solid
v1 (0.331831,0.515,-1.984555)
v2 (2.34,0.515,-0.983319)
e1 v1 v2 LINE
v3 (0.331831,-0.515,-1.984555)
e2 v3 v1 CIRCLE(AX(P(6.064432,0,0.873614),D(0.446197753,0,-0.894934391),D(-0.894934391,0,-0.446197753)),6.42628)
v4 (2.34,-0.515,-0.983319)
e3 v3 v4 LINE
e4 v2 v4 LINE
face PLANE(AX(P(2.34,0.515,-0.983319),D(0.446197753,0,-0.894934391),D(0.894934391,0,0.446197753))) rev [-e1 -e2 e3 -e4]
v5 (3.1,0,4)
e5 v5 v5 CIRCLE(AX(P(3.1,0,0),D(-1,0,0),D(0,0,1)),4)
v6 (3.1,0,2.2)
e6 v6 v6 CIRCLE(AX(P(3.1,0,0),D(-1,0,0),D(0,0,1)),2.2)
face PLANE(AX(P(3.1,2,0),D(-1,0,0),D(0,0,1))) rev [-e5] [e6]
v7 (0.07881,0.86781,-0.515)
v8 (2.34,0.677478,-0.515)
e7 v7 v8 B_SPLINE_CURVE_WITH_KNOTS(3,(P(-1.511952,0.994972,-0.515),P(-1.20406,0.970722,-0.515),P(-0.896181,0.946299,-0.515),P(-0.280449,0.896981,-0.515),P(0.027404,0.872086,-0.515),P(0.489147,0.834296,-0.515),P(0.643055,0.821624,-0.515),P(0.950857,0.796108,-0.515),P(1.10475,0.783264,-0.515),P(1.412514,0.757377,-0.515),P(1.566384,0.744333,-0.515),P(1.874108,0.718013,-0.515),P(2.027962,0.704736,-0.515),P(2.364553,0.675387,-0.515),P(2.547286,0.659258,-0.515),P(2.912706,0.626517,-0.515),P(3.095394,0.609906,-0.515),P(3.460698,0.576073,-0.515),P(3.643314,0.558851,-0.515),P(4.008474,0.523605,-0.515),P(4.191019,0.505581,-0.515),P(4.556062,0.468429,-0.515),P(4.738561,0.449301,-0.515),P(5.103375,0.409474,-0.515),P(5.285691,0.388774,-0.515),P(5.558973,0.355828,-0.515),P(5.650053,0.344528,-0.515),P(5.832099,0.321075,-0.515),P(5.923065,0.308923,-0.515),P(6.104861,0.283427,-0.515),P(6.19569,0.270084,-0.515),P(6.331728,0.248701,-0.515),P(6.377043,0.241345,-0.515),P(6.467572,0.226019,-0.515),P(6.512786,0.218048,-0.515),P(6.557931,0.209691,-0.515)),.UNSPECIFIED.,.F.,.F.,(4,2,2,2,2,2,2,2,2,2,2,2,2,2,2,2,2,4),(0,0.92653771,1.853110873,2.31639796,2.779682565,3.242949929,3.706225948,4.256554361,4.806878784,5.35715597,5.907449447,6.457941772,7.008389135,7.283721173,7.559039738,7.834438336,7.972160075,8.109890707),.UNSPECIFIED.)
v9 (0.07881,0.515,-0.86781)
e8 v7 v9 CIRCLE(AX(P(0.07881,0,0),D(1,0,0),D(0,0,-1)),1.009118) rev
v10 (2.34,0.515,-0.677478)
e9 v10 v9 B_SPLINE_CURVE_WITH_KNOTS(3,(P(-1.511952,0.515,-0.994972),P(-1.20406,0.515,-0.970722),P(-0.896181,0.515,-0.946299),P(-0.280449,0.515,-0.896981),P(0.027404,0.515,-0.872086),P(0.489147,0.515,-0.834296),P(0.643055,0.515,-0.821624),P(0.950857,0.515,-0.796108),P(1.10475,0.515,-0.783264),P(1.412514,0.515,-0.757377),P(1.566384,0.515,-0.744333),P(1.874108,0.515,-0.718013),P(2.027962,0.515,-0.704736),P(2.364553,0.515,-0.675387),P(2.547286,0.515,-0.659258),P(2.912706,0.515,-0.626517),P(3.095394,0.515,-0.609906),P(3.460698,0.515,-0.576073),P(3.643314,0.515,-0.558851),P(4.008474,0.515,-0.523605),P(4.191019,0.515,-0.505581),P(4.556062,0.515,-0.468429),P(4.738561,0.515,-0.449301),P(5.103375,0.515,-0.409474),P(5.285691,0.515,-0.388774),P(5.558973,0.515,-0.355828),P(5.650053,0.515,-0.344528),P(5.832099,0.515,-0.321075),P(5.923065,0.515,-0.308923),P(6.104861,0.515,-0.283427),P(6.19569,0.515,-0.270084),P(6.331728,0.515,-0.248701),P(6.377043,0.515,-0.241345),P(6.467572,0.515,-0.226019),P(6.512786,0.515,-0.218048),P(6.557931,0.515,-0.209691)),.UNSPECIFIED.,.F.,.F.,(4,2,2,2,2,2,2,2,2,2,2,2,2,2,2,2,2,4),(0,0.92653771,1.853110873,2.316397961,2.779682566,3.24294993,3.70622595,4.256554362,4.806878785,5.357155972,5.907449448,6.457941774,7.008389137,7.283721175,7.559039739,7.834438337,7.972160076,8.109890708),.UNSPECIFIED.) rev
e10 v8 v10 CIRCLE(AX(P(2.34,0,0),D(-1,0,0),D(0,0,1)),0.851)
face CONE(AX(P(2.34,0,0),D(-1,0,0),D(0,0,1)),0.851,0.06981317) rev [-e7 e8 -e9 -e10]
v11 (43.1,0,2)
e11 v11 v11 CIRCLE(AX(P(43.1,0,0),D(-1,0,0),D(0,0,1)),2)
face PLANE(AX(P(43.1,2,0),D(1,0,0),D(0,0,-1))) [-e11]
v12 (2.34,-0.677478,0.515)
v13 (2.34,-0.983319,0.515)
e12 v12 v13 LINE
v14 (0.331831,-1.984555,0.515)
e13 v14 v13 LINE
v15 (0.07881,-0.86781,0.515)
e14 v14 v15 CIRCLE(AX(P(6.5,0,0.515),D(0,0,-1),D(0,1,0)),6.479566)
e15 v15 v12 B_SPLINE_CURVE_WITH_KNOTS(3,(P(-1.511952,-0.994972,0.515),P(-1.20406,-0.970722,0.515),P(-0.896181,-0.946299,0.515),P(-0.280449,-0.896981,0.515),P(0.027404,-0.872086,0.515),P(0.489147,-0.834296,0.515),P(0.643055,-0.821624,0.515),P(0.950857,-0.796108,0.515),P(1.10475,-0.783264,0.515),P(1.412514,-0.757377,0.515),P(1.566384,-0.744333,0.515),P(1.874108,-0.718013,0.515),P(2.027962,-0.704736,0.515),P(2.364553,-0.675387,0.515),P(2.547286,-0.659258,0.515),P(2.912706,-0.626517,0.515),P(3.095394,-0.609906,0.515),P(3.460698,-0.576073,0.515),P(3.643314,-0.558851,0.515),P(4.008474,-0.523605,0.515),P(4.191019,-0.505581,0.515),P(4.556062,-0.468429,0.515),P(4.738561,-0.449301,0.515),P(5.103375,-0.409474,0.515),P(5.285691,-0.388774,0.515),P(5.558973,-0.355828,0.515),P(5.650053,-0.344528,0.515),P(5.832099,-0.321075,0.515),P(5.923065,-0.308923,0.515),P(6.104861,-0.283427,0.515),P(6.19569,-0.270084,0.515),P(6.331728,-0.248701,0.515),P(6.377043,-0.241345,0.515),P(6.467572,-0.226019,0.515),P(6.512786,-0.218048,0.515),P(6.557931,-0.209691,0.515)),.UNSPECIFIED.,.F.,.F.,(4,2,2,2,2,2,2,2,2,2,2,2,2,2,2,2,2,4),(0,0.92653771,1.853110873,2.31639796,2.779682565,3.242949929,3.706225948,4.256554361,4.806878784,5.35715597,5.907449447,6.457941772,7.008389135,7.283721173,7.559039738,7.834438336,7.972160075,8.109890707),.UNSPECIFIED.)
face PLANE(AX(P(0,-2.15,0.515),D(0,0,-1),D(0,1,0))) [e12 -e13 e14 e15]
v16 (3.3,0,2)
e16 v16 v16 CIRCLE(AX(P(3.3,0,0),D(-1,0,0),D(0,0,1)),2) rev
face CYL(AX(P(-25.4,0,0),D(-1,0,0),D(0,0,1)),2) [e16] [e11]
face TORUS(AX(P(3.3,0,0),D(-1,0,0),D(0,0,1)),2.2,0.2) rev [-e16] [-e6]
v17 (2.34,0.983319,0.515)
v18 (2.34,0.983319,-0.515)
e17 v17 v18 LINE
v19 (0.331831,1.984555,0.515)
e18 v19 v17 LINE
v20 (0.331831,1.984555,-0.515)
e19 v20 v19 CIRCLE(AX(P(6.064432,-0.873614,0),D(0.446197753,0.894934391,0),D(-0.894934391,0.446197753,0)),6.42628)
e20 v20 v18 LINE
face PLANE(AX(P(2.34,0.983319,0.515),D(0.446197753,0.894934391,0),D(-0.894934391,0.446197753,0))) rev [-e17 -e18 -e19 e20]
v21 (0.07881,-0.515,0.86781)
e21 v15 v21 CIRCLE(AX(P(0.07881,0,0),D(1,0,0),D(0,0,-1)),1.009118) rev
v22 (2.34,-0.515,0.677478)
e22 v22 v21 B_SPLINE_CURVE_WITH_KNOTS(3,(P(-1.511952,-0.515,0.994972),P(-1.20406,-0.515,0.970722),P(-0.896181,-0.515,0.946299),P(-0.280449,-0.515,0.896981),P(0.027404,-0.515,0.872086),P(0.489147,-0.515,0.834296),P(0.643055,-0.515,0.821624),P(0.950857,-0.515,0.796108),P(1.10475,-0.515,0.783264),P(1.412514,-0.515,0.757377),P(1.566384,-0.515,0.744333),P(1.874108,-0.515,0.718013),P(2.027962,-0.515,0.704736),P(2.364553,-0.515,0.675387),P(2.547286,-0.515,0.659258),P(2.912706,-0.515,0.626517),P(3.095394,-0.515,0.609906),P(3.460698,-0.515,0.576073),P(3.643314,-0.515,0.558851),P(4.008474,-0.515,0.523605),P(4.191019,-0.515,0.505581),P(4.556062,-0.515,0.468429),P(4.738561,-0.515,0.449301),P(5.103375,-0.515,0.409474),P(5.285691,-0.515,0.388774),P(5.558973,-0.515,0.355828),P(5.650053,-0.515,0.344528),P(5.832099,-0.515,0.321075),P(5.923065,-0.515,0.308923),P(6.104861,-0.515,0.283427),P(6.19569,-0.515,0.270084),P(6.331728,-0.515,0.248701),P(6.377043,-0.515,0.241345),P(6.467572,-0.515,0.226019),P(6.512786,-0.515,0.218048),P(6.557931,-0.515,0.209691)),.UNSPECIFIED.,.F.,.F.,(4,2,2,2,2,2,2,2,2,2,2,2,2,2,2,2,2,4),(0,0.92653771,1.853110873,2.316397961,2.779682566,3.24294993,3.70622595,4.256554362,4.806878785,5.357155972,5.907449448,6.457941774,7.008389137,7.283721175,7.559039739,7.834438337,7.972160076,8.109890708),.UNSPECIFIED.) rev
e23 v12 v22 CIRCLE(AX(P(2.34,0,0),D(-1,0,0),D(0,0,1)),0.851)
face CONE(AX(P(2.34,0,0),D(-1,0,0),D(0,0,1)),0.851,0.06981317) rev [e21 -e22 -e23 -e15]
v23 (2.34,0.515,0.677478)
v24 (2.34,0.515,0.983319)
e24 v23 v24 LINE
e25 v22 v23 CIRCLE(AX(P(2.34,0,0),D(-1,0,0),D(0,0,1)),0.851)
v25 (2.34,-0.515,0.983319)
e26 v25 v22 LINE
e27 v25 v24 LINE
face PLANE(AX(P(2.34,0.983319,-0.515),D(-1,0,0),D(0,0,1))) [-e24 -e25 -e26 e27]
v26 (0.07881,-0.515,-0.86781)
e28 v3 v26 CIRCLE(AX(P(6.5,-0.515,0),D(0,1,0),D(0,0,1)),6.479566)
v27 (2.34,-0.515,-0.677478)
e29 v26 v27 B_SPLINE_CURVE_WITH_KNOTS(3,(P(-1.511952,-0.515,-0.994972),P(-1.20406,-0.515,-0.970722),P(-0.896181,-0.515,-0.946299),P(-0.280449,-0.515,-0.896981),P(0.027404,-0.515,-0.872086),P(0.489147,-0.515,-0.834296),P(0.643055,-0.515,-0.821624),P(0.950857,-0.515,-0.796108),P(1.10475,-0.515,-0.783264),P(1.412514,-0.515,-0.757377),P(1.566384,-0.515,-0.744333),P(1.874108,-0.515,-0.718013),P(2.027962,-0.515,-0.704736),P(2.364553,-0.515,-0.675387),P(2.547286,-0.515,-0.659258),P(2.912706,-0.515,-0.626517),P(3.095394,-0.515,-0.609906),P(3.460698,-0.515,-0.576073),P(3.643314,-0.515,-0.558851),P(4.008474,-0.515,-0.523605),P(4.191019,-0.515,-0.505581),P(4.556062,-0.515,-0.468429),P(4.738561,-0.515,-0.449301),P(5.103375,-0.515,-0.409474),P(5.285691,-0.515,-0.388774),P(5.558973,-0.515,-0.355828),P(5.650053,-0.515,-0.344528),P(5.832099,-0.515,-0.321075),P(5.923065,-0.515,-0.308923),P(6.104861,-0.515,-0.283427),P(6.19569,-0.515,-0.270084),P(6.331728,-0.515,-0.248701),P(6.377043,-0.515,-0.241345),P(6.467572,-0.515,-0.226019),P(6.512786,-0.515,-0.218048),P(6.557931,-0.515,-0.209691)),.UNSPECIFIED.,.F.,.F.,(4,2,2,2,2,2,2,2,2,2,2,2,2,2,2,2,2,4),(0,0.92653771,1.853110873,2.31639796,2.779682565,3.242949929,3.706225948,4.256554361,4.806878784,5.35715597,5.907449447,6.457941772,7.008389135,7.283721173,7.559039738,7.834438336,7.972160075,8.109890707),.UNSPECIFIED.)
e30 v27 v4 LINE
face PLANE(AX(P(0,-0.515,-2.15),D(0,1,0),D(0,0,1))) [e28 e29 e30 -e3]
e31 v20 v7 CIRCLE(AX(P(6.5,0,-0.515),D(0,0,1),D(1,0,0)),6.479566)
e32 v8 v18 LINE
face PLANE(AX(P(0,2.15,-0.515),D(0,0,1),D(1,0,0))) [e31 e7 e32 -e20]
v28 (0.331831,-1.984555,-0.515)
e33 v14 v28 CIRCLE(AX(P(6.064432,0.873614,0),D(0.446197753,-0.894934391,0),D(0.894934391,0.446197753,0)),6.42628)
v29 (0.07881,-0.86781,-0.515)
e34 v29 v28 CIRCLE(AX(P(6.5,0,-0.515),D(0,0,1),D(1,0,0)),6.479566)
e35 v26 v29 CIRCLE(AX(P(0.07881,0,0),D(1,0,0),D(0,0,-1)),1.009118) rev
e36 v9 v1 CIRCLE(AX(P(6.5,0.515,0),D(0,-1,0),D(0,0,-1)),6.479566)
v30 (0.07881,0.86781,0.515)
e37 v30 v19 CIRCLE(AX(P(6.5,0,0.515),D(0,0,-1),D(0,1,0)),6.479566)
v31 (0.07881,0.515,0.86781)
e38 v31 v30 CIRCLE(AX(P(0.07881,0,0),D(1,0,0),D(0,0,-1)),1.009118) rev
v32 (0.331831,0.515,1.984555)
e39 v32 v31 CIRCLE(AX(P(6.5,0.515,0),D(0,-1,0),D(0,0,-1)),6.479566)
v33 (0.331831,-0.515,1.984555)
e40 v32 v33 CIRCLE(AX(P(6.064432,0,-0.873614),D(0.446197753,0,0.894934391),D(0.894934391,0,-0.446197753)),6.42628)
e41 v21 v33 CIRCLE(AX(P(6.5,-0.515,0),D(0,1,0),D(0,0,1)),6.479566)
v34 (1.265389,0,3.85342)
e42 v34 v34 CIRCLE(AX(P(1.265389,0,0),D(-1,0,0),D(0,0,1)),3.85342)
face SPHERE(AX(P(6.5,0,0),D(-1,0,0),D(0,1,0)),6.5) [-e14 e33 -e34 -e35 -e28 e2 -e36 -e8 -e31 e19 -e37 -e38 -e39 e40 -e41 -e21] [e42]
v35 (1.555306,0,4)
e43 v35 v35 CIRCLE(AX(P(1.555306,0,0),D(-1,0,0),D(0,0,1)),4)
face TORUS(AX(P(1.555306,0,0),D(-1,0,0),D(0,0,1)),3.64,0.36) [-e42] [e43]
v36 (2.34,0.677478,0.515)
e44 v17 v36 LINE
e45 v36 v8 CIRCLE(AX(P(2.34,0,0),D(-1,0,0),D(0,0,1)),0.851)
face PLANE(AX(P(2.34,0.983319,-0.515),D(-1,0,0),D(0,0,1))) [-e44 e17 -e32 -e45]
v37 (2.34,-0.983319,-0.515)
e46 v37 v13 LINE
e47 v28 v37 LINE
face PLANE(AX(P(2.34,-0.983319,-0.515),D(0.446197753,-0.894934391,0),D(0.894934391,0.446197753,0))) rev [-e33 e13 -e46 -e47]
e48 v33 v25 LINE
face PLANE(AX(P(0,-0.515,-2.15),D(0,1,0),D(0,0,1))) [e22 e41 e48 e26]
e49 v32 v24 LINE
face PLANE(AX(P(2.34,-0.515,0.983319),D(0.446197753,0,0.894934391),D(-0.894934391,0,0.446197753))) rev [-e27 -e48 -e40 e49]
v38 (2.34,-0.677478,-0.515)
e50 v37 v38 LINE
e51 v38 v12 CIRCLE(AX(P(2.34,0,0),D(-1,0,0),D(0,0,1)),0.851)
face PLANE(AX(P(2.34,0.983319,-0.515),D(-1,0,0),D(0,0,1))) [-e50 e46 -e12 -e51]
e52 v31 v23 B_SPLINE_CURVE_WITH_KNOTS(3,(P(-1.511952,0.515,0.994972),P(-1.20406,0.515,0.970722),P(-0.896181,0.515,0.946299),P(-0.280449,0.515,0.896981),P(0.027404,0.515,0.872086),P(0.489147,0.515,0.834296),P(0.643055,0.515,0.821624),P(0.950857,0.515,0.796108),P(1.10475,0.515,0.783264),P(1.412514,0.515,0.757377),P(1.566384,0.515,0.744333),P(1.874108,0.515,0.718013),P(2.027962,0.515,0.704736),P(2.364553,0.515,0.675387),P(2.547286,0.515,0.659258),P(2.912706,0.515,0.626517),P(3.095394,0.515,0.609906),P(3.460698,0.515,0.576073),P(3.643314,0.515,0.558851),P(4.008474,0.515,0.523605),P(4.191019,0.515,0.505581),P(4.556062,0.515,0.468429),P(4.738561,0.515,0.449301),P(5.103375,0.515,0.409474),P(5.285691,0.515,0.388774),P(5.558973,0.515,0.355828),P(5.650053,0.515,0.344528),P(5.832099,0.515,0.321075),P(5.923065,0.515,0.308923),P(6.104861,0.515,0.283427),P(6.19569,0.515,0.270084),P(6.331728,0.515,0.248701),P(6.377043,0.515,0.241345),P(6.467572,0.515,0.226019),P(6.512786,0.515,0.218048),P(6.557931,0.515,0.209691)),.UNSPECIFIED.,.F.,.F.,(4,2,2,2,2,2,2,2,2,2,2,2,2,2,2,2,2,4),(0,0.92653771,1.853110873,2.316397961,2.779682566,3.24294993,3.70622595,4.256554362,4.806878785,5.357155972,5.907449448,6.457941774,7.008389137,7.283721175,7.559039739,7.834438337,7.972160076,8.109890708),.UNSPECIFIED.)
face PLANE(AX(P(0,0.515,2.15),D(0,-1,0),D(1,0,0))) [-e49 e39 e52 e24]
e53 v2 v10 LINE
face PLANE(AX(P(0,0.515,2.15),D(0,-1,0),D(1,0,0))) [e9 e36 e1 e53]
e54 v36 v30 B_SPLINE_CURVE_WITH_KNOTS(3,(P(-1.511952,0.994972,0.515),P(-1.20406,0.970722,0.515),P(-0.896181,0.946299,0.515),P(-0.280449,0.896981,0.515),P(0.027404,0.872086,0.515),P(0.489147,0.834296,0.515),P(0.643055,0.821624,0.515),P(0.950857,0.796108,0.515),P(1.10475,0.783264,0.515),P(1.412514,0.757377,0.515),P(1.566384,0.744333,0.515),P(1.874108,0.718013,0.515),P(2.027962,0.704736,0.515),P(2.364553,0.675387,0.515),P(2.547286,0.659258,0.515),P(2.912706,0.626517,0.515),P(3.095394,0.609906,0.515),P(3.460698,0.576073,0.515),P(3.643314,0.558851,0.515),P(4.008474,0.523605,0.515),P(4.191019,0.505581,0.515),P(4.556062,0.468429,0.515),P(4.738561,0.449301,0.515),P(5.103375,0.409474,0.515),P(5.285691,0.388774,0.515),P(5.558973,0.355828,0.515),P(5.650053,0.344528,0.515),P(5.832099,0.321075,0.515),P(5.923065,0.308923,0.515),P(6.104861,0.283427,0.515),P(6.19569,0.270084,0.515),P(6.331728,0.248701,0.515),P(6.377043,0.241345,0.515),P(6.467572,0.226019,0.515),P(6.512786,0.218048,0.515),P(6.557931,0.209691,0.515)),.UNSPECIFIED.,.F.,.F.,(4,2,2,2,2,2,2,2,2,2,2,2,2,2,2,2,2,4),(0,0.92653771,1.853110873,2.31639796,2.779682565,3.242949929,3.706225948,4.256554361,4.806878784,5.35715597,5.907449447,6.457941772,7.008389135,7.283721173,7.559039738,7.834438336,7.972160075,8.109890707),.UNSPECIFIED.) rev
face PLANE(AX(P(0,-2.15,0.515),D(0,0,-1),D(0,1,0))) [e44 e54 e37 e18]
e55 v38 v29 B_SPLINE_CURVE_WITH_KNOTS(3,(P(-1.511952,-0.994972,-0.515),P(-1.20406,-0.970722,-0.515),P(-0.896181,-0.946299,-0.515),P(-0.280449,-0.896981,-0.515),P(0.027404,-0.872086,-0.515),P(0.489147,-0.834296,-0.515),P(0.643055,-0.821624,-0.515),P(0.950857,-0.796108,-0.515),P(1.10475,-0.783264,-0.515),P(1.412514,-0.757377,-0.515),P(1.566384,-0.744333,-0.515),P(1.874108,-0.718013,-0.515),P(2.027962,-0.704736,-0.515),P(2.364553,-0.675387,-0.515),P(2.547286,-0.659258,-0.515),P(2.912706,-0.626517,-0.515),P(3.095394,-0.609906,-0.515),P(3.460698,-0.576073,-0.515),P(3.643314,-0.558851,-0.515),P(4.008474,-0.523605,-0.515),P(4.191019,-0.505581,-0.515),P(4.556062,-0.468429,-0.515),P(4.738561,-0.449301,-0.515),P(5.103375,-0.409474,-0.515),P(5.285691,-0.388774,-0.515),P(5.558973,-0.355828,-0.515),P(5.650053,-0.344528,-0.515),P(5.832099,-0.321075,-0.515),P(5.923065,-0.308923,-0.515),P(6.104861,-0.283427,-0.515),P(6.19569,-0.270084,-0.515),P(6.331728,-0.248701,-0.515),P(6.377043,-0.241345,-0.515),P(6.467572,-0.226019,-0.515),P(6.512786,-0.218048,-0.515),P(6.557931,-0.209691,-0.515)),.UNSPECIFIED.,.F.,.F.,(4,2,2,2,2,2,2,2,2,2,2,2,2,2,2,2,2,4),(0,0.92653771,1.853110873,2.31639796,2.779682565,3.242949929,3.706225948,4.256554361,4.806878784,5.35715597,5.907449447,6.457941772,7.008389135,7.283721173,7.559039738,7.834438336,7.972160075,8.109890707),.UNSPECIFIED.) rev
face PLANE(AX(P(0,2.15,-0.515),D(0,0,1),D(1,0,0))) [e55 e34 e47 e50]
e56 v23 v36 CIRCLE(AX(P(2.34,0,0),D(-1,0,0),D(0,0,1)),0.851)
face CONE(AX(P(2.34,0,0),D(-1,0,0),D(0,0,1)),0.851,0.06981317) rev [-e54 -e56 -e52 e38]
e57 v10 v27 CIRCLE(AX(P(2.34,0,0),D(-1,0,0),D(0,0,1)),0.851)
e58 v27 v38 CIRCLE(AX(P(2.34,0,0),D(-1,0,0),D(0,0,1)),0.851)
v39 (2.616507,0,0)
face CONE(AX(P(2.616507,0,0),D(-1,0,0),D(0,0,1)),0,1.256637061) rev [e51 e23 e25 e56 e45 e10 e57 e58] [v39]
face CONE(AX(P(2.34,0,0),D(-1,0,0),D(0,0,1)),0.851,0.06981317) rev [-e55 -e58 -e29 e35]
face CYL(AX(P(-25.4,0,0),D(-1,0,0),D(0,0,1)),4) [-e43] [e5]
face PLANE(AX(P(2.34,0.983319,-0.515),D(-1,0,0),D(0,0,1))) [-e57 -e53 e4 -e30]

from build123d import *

# Parameters (mm, degrees)
FILLET1_R    = 0.2
SKETCH3_W    = 1.03
SKETCH3_H    = 4.3
SKETCH4_W    = 1.03
SKETCH4_H    = 1.966638464
RECPAT_COUNT = 2
RECPAT_ANGLE = 90


with BuildPart() as part:
    # BodySke → Base-Revolve (revolve)
    with BuildSketch(Plane.XY):
        with BuildLine():
            Line((3.1, 2), (3.1, 4))
            Line((3.1, 4), (1.555305874, 4))
            ThreePointArc((1.555305874, 4), (1.392873227, 3.961271902), (1.265388955, 3.853420195))
            ThreePointArc((1.265388955, 3.853420195), (0.324444487, 2.027933456), (0, 0))
            Line((0, 0), (43.1, 0))
            Line((43.1, 0), (43.1, 2))
            Line((43.1, 2), (3.1, 2))
        make_face()
    revolve(axis=Axis((-25.4, 0, 0), (1, 0, 0)))

    # Fillet1
    fillet1_edges = [part.edges().sort_by_distance(p)[0] for p in [
        (3.1, -2, 0),
    ]]
    fillet(fillet1_edges, radius=FILLET1_R)

    # Sketch3 → Recess section 0
    with BuildSketch(Plane(origin=(0, 0, 0), x_dir=(0, 0, -1), z_dir=(1, 0, 0))):
        Rectangle(SKETCH3_W, SKETCH3_H)
    # Sketch4 → Recess section 1
    with BuildSketch(Plane(origin=(2.34, 0, 0), x_dir=(0, 0, -1), z_dir=(1, 0, 0))):
        Rectangle(SKETCH4_W, SKETCH4_H)
    recess = loft(mode=Mode.SUBTRACT)

    # RecPat: Recess ×2 about axis
    recpat_axis = Axis((0, 0, 0), (1, 0, 0))
    for i in range(1, RECPAT_COUNT):
        add(recess.rotate(recpat_axis, i * RECPAT_ANGLE / (RECPAT_COUNT - 1)), mode=Mode.SUBTRACT)

    # RecCorSke → RecessCore (revolve, cut)
    with BuildSketch(Plane.XY):
        Polygon((0, 0), (0, 1.01462874), (2.34, 0.851), (2.616506661, 0), align=None)
    revolve(axis=Axis((-3.175, 0, 0), (1, 0, 0)), mode=Mode.SUBTRACT)


solid = part.part
